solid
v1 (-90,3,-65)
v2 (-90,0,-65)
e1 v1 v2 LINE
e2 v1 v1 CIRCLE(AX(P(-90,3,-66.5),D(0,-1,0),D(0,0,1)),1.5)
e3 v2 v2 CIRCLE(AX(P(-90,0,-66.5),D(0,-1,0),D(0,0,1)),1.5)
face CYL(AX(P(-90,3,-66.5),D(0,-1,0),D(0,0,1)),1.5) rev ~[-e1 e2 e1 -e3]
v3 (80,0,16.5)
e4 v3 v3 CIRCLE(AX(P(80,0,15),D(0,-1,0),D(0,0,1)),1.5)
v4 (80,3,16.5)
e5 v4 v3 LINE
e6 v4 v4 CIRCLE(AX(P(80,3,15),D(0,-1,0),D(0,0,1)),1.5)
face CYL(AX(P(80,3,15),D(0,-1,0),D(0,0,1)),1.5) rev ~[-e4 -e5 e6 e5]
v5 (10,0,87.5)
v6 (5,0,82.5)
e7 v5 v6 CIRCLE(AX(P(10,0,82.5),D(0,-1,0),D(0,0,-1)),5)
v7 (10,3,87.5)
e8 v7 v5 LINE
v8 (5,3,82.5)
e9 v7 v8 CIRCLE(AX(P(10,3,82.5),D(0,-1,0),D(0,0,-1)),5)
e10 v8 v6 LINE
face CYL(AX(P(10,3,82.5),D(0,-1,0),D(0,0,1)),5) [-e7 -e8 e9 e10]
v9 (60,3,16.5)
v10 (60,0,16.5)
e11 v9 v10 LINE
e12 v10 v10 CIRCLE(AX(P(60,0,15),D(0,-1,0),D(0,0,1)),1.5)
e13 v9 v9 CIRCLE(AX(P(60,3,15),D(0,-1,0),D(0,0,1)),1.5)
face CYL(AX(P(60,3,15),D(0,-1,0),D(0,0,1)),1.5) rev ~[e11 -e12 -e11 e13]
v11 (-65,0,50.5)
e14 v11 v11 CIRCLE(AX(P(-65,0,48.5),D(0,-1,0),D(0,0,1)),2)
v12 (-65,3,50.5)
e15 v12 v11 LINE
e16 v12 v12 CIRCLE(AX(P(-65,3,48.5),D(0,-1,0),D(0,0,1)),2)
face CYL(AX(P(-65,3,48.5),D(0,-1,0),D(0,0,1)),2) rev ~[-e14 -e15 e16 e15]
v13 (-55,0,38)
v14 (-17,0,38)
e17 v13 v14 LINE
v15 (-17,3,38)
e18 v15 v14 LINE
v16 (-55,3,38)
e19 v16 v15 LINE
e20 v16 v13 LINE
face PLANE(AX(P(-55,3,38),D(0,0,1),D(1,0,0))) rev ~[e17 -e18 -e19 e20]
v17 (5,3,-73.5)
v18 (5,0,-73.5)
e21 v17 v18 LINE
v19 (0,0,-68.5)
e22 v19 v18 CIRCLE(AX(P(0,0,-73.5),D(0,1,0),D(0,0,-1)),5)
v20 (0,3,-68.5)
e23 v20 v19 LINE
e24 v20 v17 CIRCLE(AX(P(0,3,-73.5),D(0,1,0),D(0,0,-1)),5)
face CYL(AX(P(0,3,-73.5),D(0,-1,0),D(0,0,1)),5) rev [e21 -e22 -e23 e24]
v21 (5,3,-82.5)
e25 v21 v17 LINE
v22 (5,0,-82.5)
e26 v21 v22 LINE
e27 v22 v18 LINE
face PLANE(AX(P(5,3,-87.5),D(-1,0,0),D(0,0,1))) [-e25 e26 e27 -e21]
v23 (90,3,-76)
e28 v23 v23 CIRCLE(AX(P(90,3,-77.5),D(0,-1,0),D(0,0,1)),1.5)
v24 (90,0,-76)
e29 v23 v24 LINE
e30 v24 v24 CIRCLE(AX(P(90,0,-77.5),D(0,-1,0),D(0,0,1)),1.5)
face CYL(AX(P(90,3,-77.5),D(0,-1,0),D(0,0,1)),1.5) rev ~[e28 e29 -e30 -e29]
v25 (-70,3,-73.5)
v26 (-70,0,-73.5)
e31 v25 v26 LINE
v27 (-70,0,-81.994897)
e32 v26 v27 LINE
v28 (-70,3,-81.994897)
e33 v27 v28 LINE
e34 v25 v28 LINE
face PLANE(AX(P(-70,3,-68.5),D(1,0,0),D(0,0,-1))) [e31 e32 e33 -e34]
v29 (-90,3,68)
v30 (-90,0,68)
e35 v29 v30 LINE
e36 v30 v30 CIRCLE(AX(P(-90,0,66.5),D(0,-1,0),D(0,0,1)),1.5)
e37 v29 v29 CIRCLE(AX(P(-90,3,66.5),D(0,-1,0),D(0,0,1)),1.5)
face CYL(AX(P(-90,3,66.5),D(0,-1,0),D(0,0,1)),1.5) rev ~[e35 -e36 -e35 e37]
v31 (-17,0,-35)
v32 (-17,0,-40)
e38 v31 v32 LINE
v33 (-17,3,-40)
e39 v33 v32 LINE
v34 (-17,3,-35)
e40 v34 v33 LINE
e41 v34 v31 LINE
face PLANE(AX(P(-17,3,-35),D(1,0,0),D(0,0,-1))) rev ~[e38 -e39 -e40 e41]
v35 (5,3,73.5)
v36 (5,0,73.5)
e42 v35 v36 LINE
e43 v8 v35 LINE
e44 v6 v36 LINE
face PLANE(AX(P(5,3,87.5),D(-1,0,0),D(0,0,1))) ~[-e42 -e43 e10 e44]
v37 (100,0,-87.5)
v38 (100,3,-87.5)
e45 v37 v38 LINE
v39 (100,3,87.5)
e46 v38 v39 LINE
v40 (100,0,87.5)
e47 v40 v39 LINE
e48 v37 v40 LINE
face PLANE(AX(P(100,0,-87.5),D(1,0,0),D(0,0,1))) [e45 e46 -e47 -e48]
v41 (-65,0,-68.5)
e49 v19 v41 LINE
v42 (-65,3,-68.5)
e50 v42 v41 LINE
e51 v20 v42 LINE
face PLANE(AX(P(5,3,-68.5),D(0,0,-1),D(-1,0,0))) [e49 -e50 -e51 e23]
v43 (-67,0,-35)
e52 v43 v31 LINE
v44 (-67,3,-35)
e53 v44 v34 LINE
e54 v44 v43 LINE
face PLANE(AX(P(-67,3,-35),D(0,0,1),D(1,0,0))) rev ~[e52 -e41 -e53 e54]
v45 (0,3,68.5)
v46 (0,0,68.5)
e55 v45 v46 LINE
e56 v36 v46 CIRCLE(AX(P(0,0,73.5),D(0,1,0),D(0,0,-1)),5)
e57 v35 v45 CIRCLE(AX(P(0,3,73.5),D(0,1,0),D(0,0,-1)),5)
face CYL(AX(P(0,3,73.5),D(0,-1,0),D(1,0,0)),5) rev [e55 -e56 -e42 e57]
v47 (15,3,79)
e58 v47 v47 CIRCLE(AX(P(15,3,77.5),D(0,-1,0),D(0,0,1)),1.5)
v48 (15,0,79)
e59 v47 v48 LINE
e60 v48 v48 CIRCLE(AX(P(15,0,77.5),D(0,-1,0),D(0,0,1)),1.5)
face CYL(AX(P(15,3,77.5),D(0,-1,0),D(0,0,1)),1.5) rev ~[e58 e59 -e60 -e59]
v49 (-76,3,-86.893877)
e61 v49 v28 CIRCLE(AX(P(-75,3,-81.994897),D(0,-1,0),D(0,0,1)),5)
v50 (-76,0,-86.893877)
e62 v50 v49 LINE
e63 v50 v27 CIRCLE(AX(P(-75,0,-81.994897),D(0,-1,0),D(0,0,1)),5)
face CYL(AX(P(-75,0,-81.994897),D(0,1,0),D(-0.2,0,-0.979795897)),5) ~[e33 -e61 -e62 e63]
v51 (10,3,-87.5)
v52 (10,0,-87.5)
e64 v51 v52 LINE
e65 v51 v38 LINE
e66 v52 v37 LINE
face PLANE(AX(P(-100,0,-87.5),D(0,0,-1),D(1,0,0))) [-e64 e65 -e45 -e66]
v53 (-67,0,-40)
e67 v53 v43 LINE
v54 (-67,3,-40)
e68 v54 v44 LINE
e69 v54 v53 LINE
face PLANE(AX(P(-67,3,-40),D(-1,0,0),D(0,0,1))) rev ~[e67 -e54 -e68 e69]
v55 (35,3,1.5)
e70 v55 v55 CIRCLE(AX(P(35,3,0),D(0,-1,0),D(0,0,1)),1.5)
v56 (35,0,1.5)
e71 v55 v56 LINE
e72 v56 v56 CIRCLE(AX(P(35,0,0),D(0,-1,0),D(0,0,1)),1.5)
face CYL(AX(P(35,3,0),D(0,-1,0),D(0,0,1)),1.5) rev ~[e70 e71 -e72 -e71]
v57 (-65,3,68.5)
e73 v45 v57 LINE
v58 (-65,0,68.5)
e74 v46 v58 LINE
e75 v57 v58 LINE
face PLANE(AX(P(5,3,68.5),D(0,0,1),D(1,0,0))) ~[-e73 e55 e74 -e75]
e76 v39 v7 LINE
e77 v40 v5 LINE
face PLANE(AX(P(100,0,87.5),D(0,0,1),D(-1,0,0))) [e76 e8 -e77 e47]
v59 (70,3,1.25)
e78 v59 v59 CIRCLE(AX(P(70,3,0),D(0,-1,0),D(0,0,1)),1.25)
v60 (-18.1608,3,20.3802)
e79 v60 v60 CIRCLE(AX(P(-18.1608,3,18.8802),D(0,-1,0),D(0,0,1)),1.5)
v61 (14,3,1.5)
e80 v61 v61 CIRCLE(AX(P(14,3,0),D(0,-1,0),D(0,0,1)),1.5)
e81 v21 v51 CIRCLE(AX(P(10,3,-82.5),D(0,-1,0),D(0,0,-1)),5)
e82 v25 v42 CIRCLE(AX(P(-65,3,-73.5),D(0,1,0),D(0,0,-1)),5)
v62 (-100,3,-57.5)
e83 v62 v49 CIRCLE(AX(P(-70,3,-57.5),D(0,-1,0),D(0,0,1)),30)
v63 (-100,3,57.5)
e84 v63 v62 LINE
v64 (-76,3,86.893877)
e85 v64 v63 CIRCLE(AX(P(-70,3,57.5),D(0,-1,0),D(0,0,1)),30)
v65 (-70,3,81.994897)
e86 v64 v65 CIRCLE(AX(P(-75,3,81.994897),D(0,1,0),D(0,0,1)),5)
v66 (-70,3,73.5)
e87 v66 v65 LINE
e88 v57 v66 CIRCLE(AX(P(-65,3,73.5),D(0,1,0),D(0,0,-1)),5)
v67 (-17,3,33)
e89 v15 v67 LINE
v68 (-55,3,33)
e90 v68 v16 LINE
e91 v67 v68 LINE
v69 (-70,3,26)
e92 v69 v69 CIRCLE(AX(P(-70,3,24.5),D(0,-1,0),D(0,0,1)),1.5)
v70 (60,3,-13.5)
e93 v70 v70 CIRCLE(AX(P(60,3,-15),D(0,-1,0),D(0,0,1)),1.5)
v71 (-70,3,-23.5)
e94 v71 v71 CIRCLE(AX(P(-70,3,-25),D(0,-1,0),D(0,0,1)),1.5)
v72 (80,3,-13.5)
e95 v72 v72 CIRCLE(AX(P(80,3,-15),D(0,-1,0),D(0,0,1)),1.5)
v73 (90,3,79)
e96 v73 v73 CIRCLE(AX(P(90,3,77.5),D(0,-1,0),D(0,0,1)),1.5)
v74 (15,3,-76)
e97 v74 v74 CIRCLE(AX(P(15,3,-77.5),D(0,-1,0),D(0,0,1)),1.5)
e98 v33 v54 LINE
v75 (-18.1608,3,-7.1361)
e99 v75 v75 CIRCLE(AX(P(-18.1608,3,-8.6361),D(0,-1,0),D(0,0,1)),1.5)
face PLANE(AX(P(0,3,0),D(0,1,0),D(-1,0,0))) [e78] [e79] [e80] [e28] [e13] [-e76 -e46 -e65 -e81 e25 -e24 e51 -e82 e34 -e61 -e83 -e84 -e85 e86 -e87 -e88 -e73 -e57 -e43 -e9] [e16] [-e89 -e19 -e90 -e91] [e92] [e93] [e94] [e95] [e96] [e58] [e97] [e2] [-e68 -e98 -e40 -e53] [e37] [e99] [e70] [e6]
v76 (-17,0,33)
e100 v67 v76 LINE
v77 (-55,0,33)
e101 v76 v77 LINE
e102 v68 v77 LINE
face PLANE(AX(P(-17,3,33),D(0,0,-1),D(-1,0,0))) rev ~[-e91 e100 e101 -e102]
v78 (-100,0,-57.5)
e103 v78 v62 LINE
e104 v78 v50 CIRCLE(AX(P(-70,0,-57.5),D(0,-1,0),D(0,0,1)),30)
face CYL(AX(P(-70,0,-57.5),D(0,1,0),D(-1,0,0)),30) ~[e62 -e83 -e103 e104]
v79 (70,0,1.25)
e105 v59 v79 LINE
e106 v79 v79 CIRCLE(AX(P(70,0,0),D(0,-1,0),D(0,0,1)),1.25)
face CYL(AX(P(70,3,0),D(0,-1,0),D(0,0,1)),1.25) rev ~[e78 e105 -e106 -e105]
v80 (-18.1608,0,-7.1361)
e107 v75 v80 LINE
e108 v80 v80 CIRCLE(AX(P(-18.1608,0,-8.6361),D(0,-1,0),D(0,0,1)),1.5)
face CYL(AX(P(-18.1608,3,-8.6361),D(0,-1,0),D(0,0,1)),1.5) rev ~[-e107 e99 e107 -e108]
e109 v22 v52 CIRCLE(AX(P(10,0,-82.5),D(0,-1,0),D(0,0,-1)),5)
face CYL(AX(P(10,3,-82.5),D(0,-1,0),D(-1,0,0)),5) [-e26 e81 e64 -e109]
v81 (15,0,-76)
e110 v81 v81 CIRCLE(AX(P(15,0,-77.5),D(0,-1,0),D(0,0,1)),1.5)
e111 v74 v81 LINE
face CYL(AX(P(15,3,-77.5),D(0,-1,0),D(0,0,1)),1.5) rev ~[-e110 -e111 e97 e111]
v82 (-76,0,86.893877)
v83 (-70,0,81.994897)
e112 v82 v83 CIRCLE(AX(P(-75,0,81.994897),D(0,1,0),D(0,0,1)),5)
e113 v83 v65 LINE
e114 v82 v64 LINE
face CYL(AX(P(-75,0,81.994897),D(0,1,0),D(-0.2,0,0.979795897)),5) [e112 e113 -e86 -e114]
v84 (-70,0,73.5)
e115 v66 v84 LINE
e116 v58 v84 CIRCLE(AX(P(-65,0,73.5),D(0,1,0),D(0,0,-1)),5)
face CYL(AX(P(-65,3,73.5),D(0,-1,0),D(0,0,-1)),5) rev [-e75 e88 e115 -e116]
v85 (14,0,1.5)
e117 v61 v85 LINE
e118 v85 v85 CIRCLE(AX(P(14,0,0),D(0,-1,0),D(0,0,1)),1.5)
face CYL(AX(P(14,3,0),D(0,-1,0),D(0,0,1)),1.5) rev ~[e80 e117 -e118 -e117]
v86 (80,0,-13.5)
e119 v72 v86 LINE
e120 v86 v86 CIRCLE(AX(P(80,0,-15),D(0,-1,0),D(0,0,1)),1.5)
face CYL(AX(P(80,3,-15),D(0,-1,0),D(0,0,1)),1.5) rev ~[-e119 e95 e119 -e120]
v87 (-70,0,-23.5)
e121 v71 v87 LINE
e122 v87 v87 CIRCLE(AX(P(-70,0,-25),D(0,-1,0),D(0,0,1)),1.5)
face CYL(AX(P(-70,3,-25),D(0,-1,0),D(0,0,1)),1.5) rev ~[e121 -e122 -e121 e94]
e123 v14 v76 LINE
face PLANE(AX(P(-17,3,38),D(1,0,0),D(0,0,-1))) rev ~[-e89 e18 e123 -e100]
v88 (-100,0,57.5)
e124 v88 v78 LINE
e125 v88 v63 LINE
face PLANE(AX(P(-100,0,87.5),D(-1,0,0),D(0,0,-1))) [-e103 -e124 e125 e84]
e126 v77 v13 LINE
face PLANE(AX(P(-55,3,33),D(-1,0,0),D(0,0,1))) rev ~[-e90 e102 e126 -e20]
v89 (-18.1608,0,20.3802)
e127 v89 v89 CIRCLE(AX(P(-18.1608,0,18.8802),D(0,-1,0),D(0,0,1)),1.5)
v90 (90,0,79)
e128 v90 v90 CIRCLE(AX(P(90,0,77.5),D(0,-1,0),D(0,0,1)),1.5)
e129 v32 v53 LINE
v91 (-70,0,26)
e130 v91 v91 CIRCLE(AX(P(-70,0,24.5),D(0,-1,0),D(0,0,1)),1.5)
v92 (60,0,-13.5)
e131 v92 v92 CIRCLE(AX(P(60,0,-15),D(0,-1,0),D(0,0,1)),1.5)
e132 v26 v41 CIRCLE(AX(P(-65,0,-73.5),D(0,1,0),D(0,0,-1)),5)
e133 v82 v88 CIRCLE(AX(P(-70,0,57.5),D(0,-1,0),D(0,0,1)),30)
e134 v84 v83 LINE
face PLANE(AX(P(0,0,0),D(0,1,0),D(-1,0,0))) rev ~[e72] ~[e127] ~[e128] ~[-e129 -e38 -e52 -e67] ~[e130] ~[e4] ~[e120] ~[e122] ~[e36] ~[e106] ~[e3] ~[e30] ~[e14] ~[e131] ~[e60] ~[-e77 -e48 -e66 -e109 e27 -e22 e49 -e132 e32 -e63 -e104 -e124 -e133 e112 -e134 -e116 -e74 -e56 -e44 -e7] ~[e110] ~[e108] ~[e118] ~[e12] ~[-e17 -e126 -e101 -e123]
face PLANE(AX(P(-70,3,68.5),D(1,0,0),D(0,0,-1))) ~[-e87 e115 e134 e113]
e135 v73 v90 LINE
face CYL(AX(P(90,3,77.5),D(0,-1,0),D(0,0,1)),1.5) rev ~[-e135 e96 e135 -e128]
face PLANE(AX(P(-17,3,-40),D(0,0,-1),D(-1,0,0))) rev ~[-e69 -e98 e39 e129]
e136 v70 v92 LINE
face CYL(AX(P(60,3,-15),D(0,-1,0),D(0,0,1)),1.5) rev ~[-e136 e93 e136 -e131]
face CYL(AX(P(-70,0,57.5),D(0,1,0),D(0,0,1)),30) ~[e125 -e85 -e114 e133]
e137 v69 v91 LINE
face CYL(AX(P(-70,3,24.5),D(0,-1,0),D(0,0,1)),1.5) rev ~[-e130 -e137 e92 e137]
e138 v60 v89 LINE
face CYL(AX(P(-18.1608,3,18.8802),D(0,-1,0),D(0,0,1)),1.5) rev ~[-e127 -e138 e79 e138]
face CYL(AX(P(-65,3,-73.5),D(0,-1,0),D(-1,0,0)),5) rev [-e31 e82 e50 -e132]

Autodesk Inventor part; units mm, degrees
ref_plane "YZ Plane" through (0, 0, 0) normal (1, 0, 0) x (0, 1, 0)
ref_plane "XZ Plane" through (0, 0, 0) normal (0, 1, 0) x (-1, 0, 0)
ref_plane "XY Plane" through (0, 0, 0) normal (0, 0, 1) x (1, 0, 0)
sketch "Boceto1" plane through (0, 0, 0) normal (0, 1, 0) x (-1, 0, 0)
  line L0 (-100, 87.5) -> (100, 87.5)
  line L1 (100, 87.5) -> (100, -87.5)
  line L2 (100, -87.5) -> (-100, -87.5)
  line L3 (-100, -87.5) -> (-100, 87.5)
  line L4 (-100, 87.5) -> (100, -87.5) construction
  line L5 (100, 87.5) -> (-100, -87.5) construction
  point P0 (0, 0)
  dimension "d0" = 200
  dimension "d1" = 175
extrude "Extrusión1" add sketch "Boceto1" along normal blind 3
fillet "Empalme1" radius 30 2 edges at (-100, 1.5, 87.5) (-100, 1.5, -87.5)
sketch "Boceto2" plane through (0, 3, 0) normal (0, 1, 0) x (1, 0, 0)
  line L0 (100, 87.5) -> (-70, 87.5) projected
  line L1 (-70, 87.5) -> (5, 87.5)
  line L2 (5, 87.5) -> (5, 68.5)
  line L3 (5, 68.5) -> (-70, 68.5)
  line L4 (-70, 68.5) -> (-70, 87.5)
  point P0 (0, 0)
  dimension "d5" = 75
  dimension "d6" = 19
extrude "Extrusión2" cut sketch "Boceto2" against normal blind 3
mirror "Simetría1" about plane through (0, 0, 0) normal (0, 0, 1) of "Extrusión2"
fillet "Empalme3" radius 5 8 edges at (-70, 1.5, -87.5) (-70, 1.5, -68.5) (5, 1.5, -87.5) (5, 1.5, -68.5) (5, 1.5, 87.5) (5, 1.5, 68.5) (-70, 1.5, 87.5) (-70, 1.5, 68.5)
sketch "Boceto3" plane through (0, 3, 0) normal (0, 1, 0) x (1, 0, 0)
  line L0 (-100, 57.5) -> (-100, -57.5) construction
  line L1 (-100, 0) -> (100, 0) construction
  line L2 (100, -87.5) -> (100, 87.5) construction
  point P0 (0, 0)
  point P1 (80, 15)
  point P2 (60, 15)
  point P3 (80, -15)
  point P4 (60, -15)
  dimension "d11" = 20
  dimension "d12" = 30
  dimension "d13" = 15
  dimension "d14" = 20
hole "Agujero1" at (80, 3, -15) at (60, 3, -15) at (60, 3, 15) at (80, 3, 15) direction (0, -1, 0) diameter 3 end through all
sketch "Boceto5" plane through (0, 3, 0) normal (0, 1, 0) x (1, 0, 0)
  circle A0 centre (60, -15) radius 1.5 construction
  point P0 (0, 0)
  point P1 (70, 0)
  dimension "d22" = 15
  dimension "d23" = 10
hole "Agujero2" at (70, 3, 0) direction (0, -1, 0) diameter 2.5 end through all
sketch "Boceto6" plane through (0, 3, 0) normal (0, 1, 0) x (1, 0, 0)
  line L0 (100, -87.5) -> (100, 87.5) construction
  line L1 (100, 0) -> (-100, 0) construction
  line L2 (-100, 57.5) -> (-100, -57.5) construction
  point P0 (0, 0)
  point P1 (35, 0)
  point P2 (14, 0)
  dimension "d31" = 21
  dimension "d32" = 65
hole "Agujero3" at (35, 3, 0) at (14, 3, 0) direction (0, -1, 0) diameter 3 end through all
sketch "Boceto7" plane through (0, 3, 0) normal (0, 1, 0) x (1, 0, 0)
  line L0 (-90, 66.5) -> (-90, -66.5) construction
  line L1 (15, -77.5) -> (90, -77.5) construction
  line L2 (15, 77.5) -> (90, 77.5) construction
  line L3 (10, -87.5) -> (100, -87.5) construction
  line L4 (100, -87.5) -> (100, 87.5) construction
  line L5 (5, -73.5) -> (5, -82.5) construction
  line L6 (100, 87.5) -> (10, 87.5) construction
  line L7 (-100, 57.5) -> (-100, -57.5) construction
  line L8 (-65, -68.5) -> (0, -68.5) construction
  point P0 (0, 0)
  point P1 (-90, 0)
  dimension "d40" = 10
  dimension "d41" = 10
  dimension "d42" = 10
  dimension "d43" = 10
  dimension "d44" = 10
  dimension "d45" = 2
hole "Agujero4" at (-90, 3, 66.5) at (-90, 3, -66.5) at (90, 3, 77.5) at (90, 3, -77.5) at (15, 3, 77.5) at (15, 3, -77.5) direction (0, -1, 0) diameter 3 depth 8 tip angle 118
sketch "Boceto8" plane through (0, 3, 0) normal (0, 1, 0) x (1, 0, 0)
  line L0 (-100, 57.5) -> (-100, -57.5) projected
  point P0 (0, 0)
  point P1 (-70, 25)
  point P2 (-18.1608, 8.6361)
  point P3 (-18.1608, -18.8802)
  point P4 (-70, -24.5)
  point P5 (-100, 0)
  dimension "d53" = 49.5
  dimension "d54" = 51.8392
  dimension "d55" = 16.3639
  dimension "d56" = 27.5163
  dimension "d57" = 30
  dimension "d58" = 25
hole "Agujero5" at (-70, 3, -25) at (-18.1608, 3, -8.6361) at (-18.1608, 3, 18.8802) at (-70, 3, 24.5) direction (0, -1, 0) diameter 3 end through all
sketch "Boceto9" plane through (0, 3, 0) normal (0, 1, 0) x (1, 0, 0)
  line L0 (-17, 40) -> (-67, 40)
  line L1 (-67, 40) -> (-67, 35)
  line L2 (-67, 35) -> (-17, 35)
  line L3 (-17, 35) -> (-17, 40)
  line L4 (-100, 57.5) -> (-100, -57.5) projected
  point P0 (0, 0)
  point P1 (-100, 0)
  dimension "d66" = 5
  dimension "d67" = 33
  dimension "d68" = 50
  dimension "d69" = 35
extrude "Extrusión3" cut sketch "Boceto9" against normal through all
sketch "Boceto10" plane through (0, 3, 0) normal (0, 1, 0) x (1, 0, 0)
  line L0 (-17, -33) -> (-55, -33)
  line L1 (-55, -33) -> (-55, -38)
  line L2 (-55, -38) -> (-17, -38)
  line L3 (-17, -38) -> (-17, -33)
  line L4 (-17, 35) -> (-67, 35) construction
  point P0 (0, 0)
  dimension "d72" = 5
  dimension "d73" = 68
  dimension "d74" = 38
extrude "Extrusión4" cut sketch "Boceto10" against normal through all
sketch "Boceto11" plane through (0, 3, 0) normal (0, 1, 0) x (1, 0, 0)
  line L0 (-100, 57.5) -> (-100, -57.5) projected
  line L1 (-65, -68.5) -> (0, -68.5) projected
  point P0 (0, 0)
  point P1 (-65, -48.5)
  dimension "d77" = 35
  dimension "d78" = 20
hole "Agujero6" at (-65, 3, 48.5) direction (0, -1, 0) diameter 4 end through all
properties part number "Base_Superior"
